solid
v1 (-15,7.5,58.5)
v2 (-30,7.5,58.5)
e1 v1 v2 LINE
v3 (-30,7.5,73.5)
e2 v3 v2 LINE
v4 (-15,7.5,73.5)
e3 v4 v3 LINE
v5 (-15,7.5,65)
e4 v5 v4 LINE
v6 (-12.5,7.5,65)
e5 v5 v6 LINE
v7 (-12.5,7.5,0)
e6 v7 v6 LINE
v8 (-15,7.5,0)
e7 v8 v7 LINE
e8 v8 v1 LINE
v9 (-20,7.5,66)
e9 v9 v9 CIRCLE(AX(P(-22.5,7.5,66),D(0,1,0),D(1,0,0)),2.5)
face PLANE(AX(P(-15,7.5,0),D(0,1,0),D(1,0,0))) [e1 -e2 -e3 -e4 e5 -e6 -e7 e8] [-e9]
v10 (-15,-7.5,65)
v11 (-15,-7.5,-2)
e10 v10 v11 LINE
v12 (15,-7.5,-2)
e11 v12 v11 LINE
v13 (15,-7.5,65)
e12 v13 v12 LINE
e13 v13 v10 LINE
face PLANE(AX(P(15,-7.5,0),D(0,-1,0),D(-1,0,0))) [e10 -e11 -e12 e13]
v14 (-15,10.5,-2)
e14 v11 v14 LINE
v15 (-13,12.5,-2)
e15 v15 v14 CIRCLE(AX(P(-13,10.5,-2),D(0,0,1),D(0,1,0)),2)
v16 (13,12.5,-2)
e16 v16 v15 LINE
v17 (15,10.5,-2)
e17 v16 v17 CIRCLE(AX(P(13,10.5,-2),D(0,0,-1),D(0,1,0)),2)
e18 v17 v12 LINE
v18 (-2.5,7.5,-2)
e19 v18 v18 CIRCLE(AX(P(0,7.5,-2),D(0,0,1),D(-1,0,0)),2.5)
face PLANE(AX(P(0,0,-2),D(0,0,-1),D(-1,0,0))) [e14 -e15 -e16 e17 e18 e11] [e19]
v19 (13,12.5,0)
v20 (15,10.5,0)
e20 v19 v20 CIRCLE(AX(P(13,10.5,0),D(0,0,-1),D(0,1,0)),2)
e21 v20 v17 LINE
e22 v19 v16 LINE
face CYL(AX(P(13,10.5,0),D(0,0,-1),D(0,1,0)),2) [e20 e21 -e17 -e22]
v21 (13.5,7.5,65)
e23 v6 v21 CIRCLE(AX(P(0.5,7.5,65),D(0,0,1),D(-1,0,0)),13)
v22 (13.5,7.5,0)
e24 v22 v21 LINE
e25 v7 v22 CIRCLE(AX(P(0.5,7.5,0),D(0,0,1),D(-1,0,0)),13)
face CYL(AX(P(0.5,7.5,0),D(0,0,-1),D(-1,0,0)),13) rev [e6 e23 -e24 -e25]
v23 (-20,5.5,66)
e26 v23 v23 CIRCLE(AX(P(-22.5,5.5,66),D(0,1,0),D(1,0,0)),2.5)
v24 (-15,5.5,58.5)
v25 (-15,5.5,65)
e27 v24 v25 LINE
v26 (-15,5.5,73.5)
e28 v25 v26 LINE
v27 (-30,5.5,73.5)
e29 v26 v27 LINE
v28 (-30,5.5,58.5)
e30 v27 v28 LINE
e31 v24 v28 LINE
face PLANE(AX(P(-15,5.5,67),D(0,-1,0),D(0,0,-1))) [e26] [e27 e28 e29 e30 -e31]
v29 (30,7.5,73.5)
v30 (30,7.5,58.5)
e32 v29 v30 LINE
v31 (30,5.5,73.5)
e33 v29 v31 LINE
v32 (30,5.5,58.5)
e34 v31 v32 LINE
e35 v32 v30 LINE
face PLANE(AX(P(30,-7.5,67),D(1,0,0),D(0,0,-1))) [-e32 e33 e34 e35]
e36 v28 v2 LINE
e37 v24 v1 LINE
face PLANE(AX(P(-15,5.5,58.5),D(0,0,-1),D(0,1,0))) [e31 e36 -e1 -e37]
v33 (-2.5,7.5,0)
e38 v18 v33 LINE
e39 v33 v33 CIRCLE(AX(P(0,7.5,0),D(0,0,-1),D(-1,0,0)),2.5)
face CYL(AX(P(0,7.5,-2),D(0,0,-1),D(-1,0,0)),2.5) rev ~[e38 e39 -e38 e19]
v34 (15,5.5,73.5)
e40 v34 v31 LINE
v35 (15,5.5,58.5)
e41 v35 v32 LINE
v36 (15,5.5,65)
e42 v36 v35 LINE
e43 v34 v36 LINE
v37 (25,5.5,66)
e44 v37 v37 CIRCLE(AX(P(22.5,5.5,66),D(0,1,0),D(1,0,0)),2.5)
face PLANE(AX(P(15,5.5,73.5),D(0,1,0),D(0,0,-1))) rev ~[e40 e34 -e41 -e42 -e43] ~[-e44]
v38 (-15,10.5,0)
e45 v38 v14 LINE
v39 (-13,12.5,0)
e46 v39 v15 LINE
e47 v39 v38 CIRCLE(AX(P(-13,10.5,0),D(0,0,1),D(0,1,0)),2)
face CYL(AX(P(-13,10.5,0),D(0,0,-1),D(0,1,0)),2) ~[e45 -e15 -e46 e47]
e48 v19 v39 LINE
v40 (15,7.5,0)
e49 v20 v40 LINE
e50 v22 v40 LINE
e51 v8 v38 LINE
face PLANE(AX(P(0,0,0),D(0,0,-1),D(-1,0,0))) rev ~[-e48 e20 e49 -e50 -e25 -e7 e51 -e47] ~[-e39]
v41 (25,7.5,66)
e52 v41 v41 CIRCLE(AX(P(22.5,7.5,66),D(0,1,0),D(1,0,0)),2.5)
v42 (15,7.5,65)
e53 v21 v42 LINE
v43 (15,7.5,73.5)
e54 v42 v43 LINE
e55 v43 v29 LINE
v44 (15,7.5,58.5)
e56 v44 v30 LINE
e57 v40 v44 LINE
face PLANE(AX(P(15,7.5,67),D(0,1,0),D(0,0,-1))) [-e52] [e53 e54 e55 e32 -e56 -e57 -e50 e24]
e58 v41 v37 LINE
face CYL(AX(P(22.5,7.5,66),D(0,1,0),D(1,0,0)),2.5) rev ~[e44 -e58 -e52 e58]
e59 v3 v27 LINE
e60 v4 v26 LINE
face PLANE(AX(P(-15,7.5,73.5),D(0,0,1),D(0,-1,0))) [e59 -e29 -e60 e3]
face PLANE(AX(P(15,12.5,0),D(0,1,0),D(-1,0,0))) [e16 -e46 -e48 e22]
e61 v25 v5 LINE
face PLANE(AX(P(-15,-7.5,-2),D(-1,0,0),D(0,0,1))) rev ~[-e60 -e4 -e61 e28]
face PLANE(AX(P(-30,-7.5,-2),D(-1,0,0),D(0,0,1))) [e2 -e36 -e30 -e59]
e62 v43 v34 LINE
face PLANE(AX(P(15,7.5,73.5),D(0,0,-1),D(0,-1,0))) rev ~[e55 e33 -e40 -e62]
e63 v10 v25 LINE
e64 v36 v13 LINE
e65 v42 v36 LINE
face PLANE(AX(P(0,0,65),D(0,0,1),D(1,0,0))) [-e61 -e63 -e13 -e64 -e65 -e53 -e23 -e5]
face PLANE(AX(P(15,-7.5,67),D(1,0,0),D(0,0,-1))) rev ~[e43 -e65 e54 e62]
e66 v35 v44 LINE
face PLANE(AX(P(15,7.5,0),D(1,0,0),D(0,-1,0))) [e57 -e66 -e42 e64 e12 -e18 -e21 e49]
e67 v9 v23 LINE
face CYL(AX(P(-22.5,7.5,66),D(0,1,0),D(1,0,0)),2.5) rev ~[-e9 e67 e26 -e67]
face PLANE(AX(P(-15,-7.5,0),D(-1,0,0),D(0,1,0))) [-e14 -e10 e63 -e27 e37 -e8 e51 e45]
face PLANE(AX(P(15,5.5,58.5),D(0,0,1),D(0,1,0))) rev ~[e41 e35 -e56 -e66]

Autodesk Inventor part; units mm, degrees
ref_plane "YZ Plane" through (0, 0, 0) normal (1, 0, 0) x (0, 1, 0)
ref_plane "XZ Plane" through (0, 0, 0) normal (0, 1, 0) x (-1, 0, 0)
ref_plane "XY Plane" through (0, 0, 0) normal (0, 0, 1) x (1, 0, 0)
sketch "Skizze1" plane through (0, 0, 0) normal (0, 0, 1) x (1, 0, 0)
  line L0 (15, 7.5) -> (15, -7.5)
  line L1 (15, -7.5) -> (-15, -7.5)
  line L2 (-15, -7.5) -> (-15, 7.5)
  line L3 (-15, 7.5) -> (15, -7.5) construction
  line L4 (15, 7.5) -> (-15, -7.5) construction
  arc A0 (-12.5, 7.5) -> (13.5, 7.5) centre (0.5, 7.5) ccw
  line L5 (-15, 7.5) -> (-12.5, 7.5)
  line L6 (13.5, 7.5) -> (15, 7.5)
  point P0 (0, 0)
  dimension "d0" = 30
  dimension "d1" = 15
  dimension "d2" = 26
extrude "Extrusion1" add sketch "Skizze1" along normal blind 65
sketch "Skizze2" plane through (0, 0, 65) normal (0, 0, 1) x (1, 0, 0)
  line L0 (-15, 7.5) -> (-15, -7.5) projected
  line L1 (15, 7.5) -> (13.5, 7.5) projected
  line L2 (-15, -7.5) -> (15, -7.5)
  line L3 (15, -7.5) -> (15, 7.5)
  line L4 (-15, 7.5) -> (-15, -7.5)
  arc A0 (-12.5, 7.5) -> (13.5, 7.5) centre (0.5, 7.5) ccw projected
  arc A1 (0, -5.4904) -> (13.5, 7.5) centre (0.5, 7.5) ccw
  arc A2 (-12.5, 7.5) -> (0, -5.4904) centre (0.5, 7.5) ccw
  point P0 (0, 0)
extrude "Extrusion2" [suppressed]
sketch "Skizze3" plane through (0, 0, 67) normal (0, 0, 1) x (1, 0, 0)
  line L0 (-15, 7.5) -> (-15, -7.5) projected
  line L1 (-15, -7.5) -> (15.179, -7.5)
  line L2 (15.179, -7.5) -> (15.179, 7.5)
  line L3 (15.179, 7.5) -> (-15, 7.5)
  line L4 (-15, 7.5) -> (-15, -7.5)
  arc A0 (-12.9105, 7.5) -> (13.0895, 7.5) centre (0.0895, 7.5) ccw
  point P0 (0, 0)
  dimension "d7" = 26
extrude "Extrusion3" [suppressed]
sketch "Skizze4" plane through (0, 0, 132) normal (0, 0, 1) x (1, 0, 0)
  line L0 (-15, 7.5) -> (-15, -7.5) projected
  line L1 (-15, -7.5) -> (15, -7.5)
  line L2 (15, -7.5) -> (15, 12.5)
  line L3 (15, 12.5) -> (-15, 12.5)
  line L4 (-15, 12.5) -> (-15, -7.5)
  point P0 (0, 0)
  dimension "d10" = 30
  dimension "d11" = 20
extrude "Extrusion4" [suppressed]
sketch "Skizze5" plane through (0, 0, 134) normal (0, 0, 1) x (1, 0, 0)
  circle A0 centre (0, 7.5) radius 2.5
  point P0 (0, 0)
  dimension "d14" = 5
extrude "Extrusion5" [suppressed]
sketch "Skizze6" plane through (0, 0, 0) normal (0, 0, -1) x (-1, 0, 0)
  line L0 (-15.179, -7.5) -> (-15, -7.5) projected
  line L1 (-15, 12.5) -> (15, 12.5) projected
  line L2 (-15, -7.5) -> (15, -7.5)
  line L3 (15, -7.5) -> (15, 12.5)
  line L4 (15, 12.5) -> (-15, 12.5)
  line L5 (-15, 12.5) -> (-15, -7.5)
  point P0 (0, 0)
  point P1 (-14.9426, -7.5)
extrude "Extrusion6" add sketch "Skizze6" along normal blind 2
sketch "Skizze7" plane through (0, 0, -2) normal (0, 0, -1) x (-1, 0, 0)
  line L0 (-13.0895, 7.5) -> (12.9105, 7.5) projected
  circle A0 centre (0, 7.5) radius 2.5
  point P0 (0, 0)
  dimension "d19" = 5
extrude "Extrusion7" cut sketch "Skizze7" against normal blind 2
fillet "Rundung1" radius 2 1 edges at (-15, 12.5, -1)
fillet "Rundung2" [suppressed]
fillet "Rundung3" [suppressed]
fillet "Rundung4" radius 2 1 edges at (15, 12.5, -1)
sketch "Skizze8" plane through (-15, -7.5, -2) normal (-1, 0, 0) x (0, 0, 1)
  line L0 (69, 0) -> (69, 15) projected
  line L1 (69, 15) -> (68, 15)
  line L2 (75.5, 13) -> (60.5, 13)
  line L3 (60.5, 13) -> (60.5, 15)
  line L4 (75.5, 15) -> (75.5, 13)
  line L5 (75.5, 13) -> (60.5, 17) construction
  line L6 (60.5, 13) -> (68, 15) construction
  line L7 (2, 15) -> (67, 15) projected
  line L8 (60.5, 15) -> (75.5, 15)
  point P0 (2, 7.5)
  dimension "d26" = 1
  dimension "d28" = 4
extrude "Extrusion8" add sketch "Skizze8" along normal blind 15
sketch "Skizze9" plane through (-12.5, 7.5, 65) normal (0, 1, 0) x (1, 0, 0)
  line L0 (-2.5, 6.5) -> (-17.5, 6.5) projected
  line L1 (-2.5, 67) -> (-2.5, 0) projected
  line L2 (-17.5, 6.5) -> (3.7132, 6.5) construction
  circle A0 centre (-10, -1) radius 2.5
  point P0 (12.5, 65)
  point P1 (-2.5, -69)
  dimension "d32" = 5
extrude "Extrusion9" cut sketch "Skizze9" against normal through all
sketch "Skizze10" plane through (15, -7.5, 67) normal (1, 0, 0) x (0, 0, -1)
  line L0 (0, 15) -> (1, 15)
  line L1 (67, 15) -> (2, 15) projected
  line L2 (8.5, 17) -> (-6.5, 17)
  line L3 (-6.5, 15) -> (-6.5, 13)
  line L4 (-6.5, 13) -> (8.5, 13)
  line L5 (8.5, 13) -> (8.5, 15)
  line L6 (1, 15) -> (-6.5, 13) construction
  line L7 (1, 15) -> (8.5, 13) construction
  line L8 (0, 15) -> (-65, 15) projected
  line L9 (-6.5, 15) -> (8.5, 15)
  point P0 (67, 7.5)
  point P1 (8.5, 15)
  point P2 (1, 15)
  dimension "d35" = 1
  dimension "d37" = 4
extrude "Extrusion10" add sketch "Skizze10" along normal blind 15
sketch "Skizze11" plane through (-12.5, 7.5, 65) normal (0, 1, 0) x (1, 0, 0)
  line L0 (27.679, -8.5) -> (27.679, -67) projected
  line L1 (42.5, -8.5) -> (42.5, 6.5) projected
  line L2 (27.679, -8.5) -> (48.6391, -8.5) construction
  line L3 (27.5, 6.5) -> (27.5, 0) projected
  circle A0 centre (35, -1) radius 2.5
  point P0 (12.5, 65)
  point P1 (27.5, -2)
  dimension "d41" = 5
extrude "Extrusion11" cut sketch "Skizze11" against normal through all
properties part number "Motorhalterung"
